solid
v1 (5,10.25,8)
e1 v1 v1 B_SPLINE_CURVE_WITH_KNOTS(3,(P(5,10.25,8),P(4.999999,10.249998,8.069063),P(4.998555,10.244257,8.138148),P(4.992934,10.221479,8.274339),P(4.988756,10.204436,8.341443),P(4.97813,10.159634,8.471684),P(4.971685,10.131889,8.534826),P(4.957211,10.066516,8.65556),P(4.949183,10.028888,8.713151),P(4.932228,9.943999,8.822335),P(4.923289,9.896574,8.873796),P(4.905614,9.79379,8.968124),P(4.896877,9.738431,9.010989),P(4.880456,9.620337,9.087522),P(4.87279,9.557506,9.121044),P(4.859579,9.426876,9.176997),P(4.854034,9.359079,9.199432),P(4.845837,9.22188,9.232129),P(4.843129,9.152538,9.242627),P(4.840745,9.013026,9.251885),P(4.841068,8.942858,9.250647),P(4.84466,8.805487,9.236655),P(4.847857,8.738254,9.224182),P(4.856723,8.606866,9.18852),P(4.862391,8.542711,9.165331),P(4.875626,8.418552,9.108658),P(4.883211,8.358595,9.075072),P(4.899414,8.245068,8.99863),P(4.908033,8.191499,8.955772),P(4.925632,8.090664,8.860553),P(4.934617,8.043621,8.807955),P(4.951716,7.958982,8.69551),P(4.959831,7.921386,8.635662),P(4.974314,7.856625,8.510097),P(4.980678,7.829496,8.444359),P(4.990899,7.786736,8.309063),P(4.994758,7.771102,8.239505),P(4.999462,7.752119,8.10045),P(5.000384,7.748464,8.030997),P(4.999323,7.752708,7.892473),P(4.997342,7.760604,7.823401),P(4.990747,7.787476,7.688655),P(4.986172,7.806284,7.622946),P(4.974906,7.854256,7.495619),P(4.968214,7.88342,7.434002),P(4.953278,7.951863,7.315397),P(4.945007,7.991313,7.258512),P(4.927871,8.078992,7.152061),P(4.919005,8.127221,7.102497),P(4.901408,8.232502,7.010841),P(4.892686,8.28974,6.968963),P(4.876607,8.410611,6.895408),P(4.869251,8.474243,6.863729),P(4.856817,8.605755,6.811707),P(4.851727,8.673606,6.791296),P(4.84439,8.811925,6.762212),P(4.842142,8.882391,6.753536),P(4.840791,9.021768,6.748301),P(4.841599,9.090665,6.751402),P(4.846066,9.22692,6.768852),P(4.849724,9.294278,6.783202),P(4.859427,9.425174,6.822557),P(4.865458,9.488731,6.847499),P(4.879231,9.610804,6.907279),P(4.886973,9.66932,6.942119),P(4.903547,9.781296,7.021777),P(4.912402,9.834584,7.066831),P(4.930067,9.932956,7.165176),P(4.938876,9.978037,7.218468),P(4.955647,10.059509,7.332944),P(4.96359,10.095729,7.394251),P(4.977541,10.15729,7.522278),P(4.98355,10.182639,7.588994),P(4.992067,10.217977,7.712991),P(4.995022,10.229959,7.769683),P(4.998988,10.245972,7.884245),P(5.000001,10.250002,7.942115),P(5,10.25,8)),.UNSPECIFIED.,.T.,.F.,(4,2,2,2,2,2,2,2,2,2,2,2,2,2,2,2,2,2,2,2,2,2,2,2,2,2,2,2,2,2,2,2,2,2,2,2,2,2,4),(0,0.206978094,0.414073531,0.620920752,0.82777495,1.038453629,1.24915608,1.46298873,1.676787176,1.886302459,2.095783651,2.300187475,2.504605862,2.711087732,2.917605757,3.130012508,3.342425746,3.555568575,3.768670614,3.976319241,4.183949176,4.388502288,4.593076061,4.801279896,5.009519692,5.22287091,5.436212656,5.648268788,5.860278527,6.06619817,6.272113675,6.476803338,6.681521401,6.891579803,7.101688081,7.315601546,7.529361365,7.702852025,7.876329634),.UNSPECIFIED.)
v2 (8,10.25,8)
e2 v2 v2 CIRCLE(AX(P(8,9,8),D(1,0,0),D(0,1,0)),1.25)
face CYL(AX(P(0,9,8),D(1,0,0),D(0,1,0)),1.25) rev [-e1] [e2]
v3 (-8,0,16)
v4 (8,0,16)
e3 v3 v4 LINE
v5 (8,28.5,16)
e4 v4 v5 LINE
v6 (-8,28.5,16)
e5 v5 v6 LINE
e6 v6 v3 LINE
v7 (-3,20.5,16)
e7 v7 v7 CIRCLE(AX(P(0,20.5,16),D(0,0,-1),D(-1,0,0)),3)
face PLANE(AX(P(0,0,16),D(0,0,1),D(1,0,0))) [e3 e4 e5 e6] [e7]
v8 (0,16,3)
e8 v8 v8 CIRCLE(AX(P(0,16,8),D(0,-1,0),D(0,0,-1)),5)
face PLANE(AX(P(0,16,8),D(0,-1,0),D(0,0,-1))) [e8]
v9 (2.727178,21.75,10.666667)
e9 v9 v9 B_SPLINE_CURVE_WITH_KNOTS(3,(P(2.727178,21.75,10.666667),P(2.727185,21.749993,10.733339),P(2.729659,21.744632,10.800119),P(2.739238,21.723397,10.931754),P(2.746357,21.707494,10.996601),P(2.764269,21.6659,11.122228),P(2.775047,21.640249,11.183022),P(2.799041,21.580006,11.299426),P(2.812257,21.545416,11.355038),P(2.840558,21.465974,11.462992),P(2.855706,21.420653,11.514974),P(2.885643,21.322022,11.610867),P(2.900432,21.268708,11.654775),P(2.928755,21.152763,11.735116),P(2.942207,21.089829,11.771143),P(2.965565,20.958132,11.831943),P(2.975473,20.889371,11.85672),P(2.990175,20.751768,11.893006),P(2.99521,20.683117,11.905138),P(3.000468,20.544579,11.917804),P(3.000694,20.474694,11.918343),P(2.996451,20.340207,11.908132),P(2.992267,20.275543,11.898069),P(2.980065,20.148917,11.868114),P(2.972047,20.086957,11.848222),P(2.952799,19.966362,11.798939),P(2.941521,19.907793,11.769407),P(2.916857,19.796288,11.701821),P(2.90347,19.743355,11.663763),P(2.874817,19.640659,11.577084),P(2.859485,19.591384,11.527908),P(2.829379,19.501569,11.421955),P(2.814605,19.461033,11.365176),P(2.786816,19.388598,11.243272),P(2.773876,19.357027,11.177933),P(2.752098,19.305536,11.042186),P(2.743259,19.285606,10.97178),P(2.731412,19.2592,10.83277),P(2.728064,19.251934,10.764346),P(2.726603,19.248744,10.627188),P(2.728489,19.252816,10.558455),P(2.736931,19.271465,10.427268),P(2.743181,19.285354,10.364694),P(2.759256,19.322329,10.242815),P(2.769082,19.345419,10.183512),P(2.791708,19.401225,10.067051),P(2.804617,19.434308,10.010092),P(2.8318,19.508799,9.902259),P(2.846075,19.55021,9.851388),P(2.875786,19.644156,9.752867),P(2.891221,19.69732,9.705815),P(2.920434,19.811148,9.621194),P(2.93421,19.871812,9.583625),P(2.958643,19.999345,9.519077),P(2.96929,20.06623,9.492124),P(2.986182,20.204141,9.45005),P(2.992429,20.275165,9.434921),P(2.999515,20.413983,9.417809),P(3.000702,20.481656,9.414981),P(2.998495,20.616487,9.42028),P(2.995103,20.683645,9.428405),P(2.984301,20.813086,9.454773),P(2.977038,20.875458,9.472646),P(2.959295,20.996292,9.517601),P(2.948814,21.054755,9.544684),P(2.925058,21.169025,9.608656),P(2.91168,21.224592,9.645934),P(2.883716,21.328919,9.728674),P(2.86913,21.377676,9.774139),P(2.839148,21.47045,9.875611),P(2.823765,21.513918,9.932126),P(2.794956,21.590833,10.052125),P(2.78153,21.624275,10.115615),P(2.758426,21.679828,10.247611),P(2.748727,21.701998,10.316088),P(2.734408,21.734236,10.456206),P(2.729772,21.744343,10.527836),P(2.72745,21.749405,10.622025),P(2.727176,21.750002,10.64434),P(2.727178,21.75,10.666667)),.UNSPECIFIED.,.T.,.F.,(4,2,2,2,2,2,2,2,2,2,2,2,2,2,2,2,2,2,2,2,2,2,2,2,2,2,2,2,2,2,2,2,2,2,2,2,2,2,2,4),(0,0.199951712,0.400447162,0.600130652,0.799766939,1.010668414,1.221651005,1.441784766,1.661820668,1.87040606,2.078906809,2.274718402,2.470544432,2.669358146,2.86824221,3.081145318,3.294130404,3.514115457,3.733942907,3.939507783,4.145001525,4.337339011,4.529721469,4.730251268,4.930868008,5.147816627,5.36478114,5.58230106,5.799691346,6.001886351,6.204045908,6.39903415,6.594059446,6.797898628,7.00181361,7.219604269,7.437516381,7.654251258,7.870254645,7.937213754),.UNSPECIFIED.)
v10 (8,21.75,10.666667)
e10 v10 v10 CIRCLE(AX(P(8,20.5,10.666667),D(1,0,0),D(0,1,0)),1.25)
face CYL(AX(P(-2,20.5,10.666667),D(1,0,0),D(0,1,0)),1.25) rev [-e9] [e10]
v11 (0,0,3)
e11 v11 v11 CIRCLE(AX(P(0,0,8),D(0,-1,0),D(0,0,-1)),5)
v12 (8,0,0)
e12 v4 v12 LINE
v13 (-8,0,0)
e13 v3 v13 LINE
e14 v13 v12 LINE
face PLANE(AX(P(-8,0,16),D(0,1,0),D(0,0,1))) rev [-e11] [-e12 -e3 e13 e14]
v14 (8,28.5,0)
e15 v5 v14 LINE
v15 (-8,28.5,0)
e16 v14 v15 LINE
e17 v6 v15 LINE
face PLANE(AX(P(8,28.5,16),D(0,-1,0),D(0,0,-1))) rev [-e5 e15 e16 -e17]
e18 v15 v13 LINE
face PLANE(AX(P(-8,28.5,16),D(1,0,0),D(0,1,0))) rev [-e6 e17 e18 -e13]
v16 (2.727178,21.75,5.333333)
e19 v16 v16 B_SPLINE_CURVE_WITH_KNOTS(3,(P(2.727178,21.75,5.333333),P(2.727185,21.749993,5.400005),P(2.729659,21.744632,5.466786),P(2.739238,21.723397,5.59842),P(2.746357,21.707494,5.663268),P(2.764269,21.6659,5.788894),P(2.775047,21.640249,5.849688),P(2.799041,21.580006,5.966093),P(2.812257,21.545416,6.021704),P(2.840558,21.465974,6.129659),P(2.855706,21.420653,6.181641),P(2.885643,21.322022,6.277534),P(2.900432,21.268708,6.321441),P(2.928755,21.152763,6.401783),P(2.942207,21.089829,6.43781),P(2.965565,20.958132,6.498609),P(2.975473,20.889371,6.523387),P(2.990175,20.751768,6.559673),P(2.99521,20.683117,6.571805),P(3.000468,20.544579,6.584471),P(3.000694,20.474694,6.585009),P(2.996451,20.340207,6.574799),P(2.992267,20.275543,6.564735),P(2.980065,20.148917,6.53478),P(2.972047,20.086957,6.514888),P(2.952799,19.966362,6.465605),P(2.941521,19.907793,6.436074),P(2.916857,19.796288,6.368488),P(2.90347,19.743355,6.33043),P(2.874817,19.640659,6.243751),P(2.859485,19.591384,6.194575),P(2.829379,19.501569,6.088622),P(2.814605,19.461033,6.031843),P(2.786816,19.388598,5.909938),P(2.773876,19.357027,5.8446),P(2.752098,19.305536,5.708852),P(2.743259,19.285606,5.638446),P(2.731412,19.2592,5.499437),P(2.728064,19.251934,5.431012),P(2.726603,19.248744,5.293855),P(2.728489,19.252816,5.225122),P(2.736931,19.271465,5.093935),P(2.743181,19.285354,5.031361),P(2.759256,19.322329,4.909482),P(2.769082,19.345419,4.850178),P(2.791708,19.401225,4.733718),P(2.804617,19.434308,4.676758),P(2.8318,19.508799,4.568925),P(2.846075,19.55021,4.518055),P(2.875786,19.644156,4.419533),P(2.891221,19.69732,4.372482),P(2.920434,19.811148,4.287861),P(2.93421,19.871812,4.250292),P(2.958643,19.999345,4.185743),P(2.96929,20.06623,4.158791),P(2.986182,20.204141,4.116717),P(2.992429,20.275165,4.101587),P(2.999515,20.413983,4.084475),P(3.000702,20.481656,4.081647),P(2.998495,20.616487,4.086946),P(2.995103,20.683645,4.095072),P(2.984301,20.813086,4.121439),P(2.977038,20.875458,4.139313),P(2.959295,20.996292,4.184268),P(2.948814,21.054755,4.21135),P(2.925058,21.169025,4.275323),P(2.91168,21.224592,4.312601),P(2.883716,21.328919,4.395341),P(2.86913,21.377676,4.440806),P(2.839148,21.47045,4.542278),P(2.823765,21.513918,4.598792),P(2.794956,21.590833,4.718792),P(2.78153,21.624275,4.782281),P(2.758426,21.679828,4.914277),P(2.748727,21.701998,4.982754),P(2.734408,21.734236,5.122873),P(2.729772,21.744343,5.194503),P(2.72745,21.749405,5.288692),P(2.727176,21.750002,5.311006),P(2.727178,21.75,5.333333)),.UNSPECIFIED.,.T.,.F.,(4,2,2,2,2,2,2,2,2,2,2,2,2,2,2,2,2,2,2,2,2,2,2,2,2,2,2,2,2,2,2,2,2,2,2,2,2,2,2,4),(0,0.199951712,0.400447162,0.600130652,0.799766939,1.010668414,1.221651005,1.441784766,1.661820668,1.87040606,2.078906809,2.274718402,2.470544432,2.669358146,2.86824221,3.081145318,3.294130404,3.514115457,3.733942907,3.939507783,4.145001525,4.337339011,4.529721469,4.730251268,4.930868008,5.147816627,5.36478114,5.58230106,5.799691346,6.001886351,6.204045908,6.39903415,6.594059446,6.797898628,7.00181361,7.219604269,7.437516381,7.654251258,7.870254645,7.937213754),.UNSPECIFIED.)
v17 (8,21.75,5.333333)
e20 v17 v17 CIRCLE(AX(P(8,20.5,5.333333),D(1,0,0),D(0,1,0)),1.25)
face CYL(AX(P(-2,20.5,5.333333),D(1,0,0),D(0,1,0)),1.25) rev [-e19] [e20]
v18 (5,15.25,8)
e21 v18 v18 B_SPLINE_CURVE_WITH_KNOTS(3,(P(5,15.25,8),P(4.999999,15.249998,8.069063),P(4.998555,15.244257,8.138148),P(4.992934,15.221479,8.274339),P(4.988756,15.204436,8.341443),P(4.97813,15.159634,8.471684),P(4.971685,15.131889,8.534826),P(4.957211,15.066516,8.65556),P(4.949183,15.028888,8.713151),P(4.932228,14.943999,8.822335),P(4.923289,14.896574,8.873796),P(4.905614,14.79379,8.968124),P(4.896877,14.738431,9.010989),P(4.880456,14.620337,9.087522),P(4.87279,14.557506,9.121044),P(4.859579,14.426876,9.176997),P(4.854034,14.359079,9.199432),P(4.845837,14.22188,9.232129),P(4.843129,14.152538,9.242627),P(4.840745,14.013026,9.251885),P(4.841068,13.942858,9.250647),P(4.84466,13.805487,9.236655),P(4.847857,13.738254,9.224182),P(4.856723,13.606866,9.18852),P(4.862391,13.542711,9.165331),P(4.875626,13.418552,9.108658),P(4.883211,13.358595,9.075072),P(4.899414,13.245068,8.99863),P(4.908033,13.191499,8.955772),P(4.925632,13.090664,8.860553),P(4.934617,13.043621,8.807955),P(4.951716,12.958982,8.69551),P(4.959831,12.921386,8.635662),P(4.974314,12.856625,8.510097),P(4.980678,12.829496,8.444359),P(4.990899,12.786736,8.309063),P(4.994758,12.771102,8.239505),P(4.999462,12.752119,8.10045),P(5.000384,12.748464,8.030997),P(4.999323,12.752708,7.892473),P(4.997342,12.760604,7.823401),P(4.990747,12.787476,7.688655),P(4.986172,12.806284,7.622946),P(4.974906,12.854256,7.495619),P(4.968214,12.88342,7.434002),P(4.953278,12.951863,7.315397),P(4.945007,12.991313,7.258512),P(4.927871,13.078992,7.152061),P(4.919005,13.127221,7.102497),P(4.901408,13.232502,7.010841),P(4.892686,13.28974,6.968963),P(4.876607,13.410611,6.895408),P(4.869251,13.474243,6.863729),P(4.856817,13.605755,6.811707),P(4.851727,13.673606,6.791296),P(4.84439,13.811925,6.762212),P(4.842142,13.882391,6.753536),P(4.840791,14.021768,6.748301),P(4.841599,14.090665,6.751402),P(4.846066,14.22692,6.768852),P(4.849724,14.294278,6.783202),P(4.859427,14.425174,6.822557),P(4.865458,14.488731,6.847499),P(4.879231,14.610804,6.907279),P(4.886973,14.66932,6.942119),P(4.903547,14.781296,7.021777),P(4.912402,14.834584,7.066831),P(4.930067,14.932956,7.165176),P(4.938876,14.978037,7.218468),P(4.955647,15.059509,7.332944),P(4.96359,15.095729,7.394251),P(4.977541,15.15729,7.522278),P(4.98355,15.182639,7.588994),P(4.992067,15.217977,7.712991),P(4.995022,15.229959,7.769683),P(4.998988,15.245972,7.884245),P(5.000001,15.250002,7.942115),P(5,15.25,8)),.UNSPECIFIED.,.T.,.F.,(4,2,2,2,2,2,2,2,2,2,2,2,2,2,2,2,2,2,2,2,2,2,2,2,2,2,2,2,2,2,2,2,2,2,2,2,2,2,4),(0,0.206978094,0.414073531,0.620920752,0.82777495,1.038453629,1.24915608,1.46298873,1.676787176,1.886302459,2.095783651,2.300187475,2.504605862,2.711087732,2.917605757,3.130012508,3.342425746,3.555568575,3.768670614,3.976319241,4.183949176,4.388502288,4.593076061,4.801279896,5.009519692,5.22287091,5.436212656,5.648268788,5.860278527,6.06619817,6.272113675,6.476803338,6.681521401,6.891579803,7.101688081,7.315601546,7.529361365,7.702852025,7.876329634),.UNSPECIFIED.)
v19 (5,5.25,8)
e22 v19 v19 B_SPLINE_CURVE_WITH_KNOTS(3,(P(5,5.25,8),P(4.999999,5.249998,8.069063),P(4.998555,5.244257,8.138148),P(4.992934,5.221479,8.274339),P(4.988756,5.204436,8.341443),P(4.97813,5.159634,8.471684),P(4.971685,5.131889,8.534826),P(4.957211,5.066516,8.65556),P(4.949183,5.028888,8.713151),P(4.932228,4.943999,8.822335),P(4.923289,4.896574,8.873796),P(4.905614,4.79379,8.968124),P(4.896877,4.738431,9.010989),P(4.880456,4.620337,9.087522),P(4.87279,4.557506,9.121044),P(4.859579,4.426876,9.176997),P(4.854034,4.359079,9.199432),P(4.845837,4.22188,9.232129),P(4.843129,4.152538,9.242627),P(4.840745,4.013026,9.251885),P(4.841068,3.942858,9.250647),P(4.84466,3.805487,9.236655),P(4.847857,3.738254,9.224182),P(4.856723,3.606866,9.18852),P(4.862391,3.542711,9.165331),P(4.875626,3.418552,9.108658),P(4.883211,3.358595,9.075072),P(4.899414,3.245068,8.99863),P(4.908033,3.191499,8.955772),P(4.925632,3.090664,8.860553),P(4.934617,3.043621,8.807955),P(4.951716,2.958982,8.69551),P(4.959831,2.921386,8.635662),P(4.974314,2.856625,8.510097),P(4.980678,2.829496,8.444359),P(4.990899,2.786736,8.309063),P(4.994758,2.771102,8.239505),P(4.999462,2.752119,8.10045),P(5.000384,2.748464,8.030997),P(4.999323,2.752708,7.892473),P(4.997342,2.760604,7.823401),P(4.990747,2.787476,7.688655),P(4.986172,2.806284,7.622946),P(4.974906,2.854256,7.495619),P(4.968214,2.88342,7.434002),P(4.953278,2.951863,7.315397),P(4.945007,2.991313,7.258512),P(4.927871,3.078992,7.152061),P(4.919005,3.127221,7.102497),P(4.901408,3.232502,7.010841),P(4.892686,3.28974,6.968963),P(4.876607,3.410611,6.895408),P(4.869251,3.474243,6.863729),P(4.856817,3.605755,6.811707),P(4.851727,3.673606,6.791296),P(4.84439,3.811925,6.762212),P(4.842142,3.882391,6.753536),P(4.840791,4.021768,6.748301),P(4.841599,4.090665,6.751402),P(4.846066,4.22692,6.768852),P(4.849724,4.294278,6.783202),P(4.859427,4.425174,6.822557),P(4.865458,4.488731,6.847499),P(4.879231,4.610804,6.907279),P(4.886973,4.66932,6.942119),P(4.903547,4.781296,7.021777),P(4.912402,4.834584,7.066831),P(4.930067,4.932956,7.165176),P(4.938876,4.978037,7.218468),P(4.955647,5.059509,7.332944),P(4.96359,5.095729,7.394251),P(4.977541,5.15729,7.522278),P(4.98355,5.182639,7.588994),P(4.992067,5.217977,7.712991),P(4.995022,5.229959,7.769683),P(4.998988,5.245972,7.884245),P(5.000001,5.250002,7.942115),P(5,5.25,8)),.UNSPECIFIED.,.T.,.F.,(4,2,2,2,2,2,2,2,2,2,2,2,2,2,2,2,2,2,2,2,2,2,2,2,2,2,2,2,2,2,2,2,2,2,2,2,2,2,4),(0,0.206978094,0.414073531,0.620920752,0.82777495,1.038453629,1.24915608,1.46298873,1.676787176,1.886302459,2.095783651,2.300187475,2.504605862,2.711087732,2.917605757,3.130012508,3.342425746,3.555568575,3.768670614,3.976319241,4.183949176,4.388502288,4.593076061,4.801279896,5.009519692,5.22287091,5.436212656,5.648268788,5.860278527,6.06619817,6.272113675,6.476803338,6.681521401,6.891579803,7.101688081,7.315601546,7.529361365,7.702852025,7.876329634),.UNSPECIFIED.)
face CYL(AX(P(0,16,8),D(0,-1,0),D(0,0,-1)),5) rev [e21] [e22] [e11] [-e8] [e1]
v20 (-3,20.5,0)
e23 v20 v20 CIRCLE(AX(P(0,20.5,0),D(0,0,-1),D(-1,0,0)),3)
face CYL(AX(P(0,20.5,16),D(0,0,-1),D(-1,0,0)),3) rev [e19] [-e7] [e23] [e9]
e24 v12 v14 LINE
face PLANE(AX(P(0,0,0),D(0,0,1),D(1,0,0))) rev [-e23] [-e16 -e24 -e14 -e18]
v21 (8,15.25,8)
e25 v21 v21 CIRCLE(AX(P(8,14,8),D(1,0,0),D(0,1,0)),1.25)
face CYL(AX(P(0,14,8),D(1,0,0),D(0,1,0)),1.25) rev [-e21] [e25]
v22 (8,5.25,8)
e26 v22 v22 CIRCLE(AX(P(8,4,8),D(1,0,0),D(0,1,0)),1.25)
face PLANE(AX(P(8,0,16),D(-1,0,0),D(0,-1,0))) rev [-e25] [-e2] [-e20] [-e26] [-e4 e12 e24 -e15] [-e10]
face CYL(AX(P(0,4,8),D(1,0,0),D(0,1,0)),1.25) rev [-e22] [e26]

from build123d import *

# Parameters (mm, degrees)
SKETCH1_W           = 16
SKETCH1_H           = 28.5
BOSS_EXTRUDE1_DEPTH = 16
SKETCH2_R           = 5
CUT_EXTRUDE1_DEPTH  = 16
SKETCH3_R           = 3
CUT_EXTRUDE2_DEPTH  = 34.648922717
SKETCH4_R           = 1.25
CUT_EXTRUDE3_DEPTH  = 10
SKETCH6_R           = 1.25
CUT_EXTRUDE4_DEPTH  = 8


with BuildPart() as part:
    # Sketch1 → Boss-Extrude1 (new body)
    with BuildSketch(Plane.XY):
        with Locations((0, 14.25)):
            Rectangle(SKETCH1_W, SKETCH1_H)
    extrude(amount=BOSS_EXTRUDE1_DEPTH)

    # Sketch2 → Cut-Extrude1 (cut)
    with BuildSketch(Plane(origin=(0, 0, 0), x_dir=(-1, 0, 0), z_dir=(0, -1, 0))):
        with Locations(Location((0, -8, 0), (0, 0, 90))):
            Circle(SKETCH2_R)
    extrude(amount=-CUT_EXTRUDE1_DEPTH, mode=Mode.SUBTRACT)

    # Sketch3 → Cut-Extrude2 (cut, through all)
    with BuildSketch(Plane(origin=(0, 0, 0), x_dir=(-1, 0, 0), z_dir=(0, 0, -1))):
        with Locations((0, 20.5)):
            Circle(SKETCH3_R)
    extrude(amount=-CUT_EXTRUDE2_DEPTH, mode=Mode.SUBTRACT)

    # Sketch4 → Cut-Extrude3 (cut)
    with BuildSketch(Plane(origin=(8, 0, 0), x_dir=(0, 0, -1), z_dir=(1, 0, 0))):
        with Locations(Location((-10.666666667, 20.5, 0), (0, 0, 90))):
            Circle(SKETCH4_R)
        with Locations(Location((-5.333333333, 20.5, 0), (0, 0, 90))):
            Circle(SKETCH4_R)
    extrude(amount=-CUT_EXTRUDE3_DEPTH, mode=Mode.SUBTRACT)

    # Sketch6 → Cut-Extrude4 (cut)
    with BuildSketch(Plane(origin=(8, 0, 0), x_dir=(0, 0, -1), z_dir=(1, 0, 0))):
        with Locations(Location((-8, 14, 0), (0, 0, 90))):
            Circle(SKETCH6_R)
        with Locations(Location((-8, 9, 0), (0, 0, 90))):
            Circle(SKETCH6_R)
        with Locations(Location((-8, 4, 0), (0, 0, 90))):
            Circle(SKETCH6_R)
    extrude(amount=-CUT_EXTRUDE4_DEPTH, mode=Mode.SUBTRACT)


solid = part.part
